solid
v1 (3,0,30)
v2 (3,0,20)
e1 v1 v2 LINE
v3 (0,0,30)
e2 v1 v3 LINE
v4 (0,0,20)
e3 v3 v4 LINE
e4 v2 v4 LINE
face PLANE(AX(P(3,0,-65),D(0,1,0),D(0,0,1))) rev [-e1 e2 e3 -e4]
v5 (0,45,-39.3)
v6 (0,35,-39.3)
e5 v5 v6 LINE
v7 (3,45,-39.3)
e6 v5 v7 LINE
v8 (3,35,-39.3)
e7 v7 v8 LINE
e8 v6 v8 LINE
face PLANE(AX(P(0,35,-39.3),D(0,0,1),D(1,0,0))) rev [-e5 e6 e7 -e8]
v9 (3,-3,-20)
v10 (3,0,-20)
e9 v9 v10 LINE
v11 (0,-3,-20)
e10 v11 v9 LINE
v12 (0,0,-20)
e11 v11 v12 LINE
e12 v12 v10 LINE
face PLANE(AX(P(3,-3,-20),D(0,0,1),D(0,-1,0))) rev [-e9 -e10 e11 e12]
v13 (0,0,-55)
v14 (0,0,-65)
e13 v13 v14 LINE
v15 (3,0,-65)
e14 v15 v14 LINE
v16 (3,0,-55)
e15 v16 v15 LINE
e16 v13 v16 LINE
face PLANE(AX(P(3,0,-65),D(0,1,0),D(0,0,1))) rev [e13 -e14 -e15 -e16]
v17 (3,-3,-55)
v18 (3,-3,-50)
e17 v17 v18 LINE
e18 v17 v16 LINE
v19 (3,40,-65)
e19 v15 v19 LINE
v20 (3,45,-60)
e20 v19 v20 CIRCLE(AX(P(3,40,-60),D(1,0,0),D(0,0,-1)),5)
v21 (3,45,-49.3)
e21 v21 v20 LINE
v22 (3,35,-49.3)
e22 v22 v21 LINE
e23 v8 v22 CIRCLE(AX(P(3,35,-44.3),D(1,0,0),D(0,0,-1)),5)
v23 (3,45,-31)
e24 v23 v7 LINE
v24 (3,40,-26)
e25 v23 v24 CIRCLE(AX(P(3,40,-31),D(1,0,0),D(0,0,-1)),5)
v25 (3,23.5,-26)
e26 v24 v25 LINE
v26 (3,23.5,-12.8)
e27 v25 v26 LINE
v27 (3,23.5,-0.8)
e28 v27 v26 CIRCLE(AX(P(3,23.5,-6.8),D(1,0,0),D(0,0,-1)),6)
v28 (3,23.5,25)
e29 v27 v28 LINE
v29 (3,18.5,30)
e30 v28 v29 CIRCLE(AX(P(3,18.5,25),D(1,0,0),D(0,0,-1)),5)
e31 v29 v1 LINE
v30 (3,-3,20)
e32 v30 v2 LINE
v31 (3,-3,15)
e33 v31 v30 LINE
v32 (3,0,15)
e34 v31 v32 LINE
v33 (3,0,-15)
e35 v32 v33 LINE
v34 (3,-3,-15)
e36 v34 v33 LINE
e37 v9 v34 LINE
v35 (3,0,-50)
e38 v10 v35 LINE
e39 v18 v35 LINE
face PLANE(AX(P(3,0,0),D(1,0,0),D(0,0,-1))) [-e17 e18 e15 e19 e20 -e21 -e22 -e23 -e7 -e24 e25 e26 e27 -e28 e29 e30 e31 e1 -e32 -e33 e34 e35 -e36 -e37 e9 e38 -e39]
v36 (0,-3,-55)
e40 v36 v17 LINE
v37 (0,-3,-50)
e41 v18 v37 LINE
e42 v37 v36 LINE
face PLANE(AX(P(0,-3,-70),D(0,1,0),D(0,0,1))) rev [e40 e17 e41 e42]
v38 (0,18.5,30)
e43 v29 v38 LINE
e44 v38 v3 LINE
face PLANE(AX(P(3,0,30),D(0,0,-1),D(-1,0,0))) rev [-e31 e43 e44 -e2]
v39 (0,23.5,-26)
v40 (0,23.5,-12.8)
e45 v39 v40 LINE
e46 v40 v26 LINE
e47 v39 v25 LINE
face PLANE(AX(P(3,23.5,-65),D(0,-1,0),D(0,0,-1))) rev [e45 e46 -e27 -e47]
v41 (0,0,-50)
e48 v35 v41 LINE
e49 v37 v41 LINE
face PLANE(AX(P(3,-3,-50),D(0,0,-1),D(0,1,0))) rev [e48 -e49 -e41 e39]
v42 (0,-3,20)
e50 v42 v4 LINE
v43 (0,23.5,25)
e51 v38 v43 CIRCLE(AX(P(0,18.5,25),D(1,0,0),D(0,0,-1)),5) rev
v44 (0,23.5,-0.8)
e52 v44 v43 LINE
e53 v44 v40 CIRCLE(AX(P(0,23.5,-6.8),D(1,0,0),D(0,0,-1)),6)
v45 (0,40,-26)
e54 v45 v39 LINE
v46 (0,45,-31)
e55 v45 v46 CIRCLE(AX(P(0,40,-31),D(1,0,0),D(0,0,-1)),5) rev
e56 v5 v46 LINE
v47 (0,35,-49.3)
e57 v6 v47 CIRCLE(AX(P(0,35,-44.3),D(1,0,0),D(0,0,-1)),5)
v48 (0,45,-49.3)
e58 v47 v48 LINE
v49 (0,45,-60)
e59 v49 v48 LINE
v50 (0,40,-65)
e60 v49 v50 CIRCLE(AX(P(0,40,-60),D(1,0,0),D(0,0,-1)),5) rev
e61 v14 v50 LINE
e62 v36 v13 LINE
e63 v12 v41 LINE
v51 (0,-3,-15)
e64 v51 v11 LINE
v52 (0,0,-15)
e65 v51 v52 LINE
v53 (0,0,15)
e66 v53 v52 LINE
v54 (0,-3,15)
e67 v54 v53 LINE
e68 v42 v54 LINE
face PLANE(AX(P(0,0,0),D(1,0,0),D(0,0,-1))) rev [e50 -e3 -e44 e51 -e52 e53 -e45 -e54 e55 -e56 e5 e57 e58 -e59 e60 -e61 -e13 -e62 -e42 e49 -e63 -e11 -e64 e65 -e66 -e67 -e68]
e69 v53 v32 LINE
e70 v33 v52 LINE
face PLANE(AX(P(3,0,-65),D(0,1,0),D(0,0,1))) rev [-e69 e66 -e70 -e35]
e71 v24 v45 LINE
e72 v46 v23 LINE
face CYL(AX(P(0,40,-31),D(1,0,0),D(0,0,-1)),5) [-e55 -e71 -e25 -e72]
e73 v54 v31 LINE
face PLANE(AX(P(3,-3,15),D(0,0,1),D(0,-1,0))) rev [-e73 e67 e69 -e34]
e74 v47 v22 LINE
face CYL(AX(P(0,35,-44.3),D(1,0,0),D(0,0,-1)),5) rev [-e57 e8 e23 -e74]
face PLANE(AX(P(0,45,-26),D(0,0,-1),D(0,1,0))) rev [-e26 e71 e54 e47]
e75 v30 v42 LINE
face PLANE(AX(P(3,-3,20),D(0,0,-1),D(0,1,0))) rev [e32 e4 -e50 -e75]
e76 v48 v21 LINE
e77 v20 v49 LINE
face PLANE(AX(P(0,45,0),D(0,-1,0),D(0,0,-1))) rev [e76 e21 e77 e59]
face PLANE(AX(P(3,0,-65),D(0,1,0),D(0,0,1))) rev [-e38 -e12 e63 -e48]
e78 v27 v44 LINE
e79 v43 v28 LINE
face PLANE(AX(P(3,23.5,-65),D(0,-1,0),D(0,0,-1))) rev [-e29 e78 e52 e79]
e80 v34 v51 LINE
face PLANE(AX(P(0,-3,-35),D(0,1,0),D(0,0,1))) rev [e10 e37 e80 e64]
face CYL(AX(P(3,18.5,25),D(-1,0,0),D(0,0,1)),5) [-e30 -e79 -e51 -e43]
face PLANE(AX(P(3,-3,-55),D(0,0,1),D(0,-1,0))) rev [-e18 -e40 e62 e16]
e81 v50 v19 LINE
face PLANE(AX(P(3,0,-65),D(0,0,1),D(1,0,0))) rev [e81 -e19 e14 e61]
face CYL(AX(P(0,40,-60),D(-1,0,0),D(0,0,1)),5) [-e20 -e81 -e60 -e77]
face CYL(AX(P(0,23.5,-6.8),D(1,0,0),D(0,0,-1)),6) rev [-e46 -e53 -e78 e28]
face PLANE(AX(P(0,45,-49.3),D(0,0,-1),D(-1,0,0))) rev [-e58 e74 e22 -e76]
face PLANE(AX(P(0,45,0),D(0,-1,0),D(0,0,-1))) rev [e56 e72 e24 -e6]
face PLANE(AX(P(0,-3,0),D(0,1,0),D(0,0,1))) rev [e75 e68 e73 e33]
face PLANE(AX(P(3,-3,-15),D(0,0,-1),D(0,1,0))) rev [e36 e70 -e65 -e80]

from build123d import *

# Parameters (mm, degrees)
SKETCH1_W           = 95
SKETCH1_H           = 23.5
BOSS_EXTRUDE1_DEPTH = 3
SKETCH2_R           = 6
CUT_EXTRUDE1_DEPTH  = 4
SKETCH4_W           = 3
SKETCH4_H           = 5
BOSS_EXTRUDE2_DEPTH = 3
SKETCH9_W           = 3
SKETCH9_H           = 39
BOSS_EXTRUDE5_DEPTH = 21.5
CUT_EXTRUDE5_DEPTH  = 4
FILLET5_R           = 5
LPATTERN1_COUNT     = 3
LPATTERN1_PITCH     = 35


with BuildPart() as part:
    # Sketch1 → Boss-Extrude1 (new body)
    with BuildSketch(Plane(origin=(0, 0, 0), x_dir=(0, 0, -1), z_dir=(1, 0, 0))):
        with Locations((17.5, 11.75)):
            Rectangle(SKETCH1_W, SKETCH1_H)
    extrude(amount=BOSS_EXTRUDE1_DEPTH)

    # Sketch2 → Cut-Extrude1 (cut, through all)
    with BuildSketch(Plane(origin=(3, 0, 0), x_dir=(0, 0, -1), z_dir=(1, 0, 0))):
        with Locations((6.8, 23.5)):
            Circle(SKETCH2_R)
    extrude(amount=-CUT_EXTRUDE1_DEPTH, mode=Mode.SUBTRACT)

    # Sketch4 → Boss-Extrude2 (add)
    with BuildSketch(Plane.XZ):
        with Locations((1.5, 17.5)):
            Rectangle(SKETCH4_W, SKETCH4_H)
    boss_extrude2 = extrude(amount=BOSS_EXTRUDE2_DEPTH)

    # Sketch9 → Boss-Extrude5 (add)
    with BuildSketch(Plane(origin=(0, 23.5, 0), x_dir=(1, 0, 0), z_dir=(0, 1, 0))):
        with Locations((1.5, 45.5)):
            Rectangle(SKETCH9_W, SKETCH9_H)
    extrude(amount=BOSS_EXTRUDE5_DEPTH)

    # Sketch10 → Cut-Extrude5 (cut, through all)
    with BuildSketch(Plane(origin=(3, 0, 0), x_dir=(0, 0, -1), z_dir=(1, 0, 0))):
        with BuildLine():
            Line((39.3, 35), (39.3, 45))
            Line((39.3, 45), (49.3, 45))
            Line((49.3, 45), (49.3, 35))
            ThreePointArc((49.3, 35), (44.3, 30), (39.3, 35))
        make_face()
    extrude(amount=-CUT_EXTRUDE5_DEPTH, mode=Mode.SUBTRACT)

    # Fillet5
    fillet5_edges = [part.edges().sort_by_distance(p)[0] for p in [
        (1.5, 45, -26),
        (1.5, 45, -65),
        (1.5, 23.5, 30),
    ]]
    fillet(fillet5_edges, radius=FILLET5_R)

    # LPattern1: Boss-Extrude2 ×3
    with Locations(*[(0, 0, -i * LPATTERN1_PITCH) for i in range(1, LPATTERN1_COUNT)]):
        add(boss_extrude2)


solid = part.part
